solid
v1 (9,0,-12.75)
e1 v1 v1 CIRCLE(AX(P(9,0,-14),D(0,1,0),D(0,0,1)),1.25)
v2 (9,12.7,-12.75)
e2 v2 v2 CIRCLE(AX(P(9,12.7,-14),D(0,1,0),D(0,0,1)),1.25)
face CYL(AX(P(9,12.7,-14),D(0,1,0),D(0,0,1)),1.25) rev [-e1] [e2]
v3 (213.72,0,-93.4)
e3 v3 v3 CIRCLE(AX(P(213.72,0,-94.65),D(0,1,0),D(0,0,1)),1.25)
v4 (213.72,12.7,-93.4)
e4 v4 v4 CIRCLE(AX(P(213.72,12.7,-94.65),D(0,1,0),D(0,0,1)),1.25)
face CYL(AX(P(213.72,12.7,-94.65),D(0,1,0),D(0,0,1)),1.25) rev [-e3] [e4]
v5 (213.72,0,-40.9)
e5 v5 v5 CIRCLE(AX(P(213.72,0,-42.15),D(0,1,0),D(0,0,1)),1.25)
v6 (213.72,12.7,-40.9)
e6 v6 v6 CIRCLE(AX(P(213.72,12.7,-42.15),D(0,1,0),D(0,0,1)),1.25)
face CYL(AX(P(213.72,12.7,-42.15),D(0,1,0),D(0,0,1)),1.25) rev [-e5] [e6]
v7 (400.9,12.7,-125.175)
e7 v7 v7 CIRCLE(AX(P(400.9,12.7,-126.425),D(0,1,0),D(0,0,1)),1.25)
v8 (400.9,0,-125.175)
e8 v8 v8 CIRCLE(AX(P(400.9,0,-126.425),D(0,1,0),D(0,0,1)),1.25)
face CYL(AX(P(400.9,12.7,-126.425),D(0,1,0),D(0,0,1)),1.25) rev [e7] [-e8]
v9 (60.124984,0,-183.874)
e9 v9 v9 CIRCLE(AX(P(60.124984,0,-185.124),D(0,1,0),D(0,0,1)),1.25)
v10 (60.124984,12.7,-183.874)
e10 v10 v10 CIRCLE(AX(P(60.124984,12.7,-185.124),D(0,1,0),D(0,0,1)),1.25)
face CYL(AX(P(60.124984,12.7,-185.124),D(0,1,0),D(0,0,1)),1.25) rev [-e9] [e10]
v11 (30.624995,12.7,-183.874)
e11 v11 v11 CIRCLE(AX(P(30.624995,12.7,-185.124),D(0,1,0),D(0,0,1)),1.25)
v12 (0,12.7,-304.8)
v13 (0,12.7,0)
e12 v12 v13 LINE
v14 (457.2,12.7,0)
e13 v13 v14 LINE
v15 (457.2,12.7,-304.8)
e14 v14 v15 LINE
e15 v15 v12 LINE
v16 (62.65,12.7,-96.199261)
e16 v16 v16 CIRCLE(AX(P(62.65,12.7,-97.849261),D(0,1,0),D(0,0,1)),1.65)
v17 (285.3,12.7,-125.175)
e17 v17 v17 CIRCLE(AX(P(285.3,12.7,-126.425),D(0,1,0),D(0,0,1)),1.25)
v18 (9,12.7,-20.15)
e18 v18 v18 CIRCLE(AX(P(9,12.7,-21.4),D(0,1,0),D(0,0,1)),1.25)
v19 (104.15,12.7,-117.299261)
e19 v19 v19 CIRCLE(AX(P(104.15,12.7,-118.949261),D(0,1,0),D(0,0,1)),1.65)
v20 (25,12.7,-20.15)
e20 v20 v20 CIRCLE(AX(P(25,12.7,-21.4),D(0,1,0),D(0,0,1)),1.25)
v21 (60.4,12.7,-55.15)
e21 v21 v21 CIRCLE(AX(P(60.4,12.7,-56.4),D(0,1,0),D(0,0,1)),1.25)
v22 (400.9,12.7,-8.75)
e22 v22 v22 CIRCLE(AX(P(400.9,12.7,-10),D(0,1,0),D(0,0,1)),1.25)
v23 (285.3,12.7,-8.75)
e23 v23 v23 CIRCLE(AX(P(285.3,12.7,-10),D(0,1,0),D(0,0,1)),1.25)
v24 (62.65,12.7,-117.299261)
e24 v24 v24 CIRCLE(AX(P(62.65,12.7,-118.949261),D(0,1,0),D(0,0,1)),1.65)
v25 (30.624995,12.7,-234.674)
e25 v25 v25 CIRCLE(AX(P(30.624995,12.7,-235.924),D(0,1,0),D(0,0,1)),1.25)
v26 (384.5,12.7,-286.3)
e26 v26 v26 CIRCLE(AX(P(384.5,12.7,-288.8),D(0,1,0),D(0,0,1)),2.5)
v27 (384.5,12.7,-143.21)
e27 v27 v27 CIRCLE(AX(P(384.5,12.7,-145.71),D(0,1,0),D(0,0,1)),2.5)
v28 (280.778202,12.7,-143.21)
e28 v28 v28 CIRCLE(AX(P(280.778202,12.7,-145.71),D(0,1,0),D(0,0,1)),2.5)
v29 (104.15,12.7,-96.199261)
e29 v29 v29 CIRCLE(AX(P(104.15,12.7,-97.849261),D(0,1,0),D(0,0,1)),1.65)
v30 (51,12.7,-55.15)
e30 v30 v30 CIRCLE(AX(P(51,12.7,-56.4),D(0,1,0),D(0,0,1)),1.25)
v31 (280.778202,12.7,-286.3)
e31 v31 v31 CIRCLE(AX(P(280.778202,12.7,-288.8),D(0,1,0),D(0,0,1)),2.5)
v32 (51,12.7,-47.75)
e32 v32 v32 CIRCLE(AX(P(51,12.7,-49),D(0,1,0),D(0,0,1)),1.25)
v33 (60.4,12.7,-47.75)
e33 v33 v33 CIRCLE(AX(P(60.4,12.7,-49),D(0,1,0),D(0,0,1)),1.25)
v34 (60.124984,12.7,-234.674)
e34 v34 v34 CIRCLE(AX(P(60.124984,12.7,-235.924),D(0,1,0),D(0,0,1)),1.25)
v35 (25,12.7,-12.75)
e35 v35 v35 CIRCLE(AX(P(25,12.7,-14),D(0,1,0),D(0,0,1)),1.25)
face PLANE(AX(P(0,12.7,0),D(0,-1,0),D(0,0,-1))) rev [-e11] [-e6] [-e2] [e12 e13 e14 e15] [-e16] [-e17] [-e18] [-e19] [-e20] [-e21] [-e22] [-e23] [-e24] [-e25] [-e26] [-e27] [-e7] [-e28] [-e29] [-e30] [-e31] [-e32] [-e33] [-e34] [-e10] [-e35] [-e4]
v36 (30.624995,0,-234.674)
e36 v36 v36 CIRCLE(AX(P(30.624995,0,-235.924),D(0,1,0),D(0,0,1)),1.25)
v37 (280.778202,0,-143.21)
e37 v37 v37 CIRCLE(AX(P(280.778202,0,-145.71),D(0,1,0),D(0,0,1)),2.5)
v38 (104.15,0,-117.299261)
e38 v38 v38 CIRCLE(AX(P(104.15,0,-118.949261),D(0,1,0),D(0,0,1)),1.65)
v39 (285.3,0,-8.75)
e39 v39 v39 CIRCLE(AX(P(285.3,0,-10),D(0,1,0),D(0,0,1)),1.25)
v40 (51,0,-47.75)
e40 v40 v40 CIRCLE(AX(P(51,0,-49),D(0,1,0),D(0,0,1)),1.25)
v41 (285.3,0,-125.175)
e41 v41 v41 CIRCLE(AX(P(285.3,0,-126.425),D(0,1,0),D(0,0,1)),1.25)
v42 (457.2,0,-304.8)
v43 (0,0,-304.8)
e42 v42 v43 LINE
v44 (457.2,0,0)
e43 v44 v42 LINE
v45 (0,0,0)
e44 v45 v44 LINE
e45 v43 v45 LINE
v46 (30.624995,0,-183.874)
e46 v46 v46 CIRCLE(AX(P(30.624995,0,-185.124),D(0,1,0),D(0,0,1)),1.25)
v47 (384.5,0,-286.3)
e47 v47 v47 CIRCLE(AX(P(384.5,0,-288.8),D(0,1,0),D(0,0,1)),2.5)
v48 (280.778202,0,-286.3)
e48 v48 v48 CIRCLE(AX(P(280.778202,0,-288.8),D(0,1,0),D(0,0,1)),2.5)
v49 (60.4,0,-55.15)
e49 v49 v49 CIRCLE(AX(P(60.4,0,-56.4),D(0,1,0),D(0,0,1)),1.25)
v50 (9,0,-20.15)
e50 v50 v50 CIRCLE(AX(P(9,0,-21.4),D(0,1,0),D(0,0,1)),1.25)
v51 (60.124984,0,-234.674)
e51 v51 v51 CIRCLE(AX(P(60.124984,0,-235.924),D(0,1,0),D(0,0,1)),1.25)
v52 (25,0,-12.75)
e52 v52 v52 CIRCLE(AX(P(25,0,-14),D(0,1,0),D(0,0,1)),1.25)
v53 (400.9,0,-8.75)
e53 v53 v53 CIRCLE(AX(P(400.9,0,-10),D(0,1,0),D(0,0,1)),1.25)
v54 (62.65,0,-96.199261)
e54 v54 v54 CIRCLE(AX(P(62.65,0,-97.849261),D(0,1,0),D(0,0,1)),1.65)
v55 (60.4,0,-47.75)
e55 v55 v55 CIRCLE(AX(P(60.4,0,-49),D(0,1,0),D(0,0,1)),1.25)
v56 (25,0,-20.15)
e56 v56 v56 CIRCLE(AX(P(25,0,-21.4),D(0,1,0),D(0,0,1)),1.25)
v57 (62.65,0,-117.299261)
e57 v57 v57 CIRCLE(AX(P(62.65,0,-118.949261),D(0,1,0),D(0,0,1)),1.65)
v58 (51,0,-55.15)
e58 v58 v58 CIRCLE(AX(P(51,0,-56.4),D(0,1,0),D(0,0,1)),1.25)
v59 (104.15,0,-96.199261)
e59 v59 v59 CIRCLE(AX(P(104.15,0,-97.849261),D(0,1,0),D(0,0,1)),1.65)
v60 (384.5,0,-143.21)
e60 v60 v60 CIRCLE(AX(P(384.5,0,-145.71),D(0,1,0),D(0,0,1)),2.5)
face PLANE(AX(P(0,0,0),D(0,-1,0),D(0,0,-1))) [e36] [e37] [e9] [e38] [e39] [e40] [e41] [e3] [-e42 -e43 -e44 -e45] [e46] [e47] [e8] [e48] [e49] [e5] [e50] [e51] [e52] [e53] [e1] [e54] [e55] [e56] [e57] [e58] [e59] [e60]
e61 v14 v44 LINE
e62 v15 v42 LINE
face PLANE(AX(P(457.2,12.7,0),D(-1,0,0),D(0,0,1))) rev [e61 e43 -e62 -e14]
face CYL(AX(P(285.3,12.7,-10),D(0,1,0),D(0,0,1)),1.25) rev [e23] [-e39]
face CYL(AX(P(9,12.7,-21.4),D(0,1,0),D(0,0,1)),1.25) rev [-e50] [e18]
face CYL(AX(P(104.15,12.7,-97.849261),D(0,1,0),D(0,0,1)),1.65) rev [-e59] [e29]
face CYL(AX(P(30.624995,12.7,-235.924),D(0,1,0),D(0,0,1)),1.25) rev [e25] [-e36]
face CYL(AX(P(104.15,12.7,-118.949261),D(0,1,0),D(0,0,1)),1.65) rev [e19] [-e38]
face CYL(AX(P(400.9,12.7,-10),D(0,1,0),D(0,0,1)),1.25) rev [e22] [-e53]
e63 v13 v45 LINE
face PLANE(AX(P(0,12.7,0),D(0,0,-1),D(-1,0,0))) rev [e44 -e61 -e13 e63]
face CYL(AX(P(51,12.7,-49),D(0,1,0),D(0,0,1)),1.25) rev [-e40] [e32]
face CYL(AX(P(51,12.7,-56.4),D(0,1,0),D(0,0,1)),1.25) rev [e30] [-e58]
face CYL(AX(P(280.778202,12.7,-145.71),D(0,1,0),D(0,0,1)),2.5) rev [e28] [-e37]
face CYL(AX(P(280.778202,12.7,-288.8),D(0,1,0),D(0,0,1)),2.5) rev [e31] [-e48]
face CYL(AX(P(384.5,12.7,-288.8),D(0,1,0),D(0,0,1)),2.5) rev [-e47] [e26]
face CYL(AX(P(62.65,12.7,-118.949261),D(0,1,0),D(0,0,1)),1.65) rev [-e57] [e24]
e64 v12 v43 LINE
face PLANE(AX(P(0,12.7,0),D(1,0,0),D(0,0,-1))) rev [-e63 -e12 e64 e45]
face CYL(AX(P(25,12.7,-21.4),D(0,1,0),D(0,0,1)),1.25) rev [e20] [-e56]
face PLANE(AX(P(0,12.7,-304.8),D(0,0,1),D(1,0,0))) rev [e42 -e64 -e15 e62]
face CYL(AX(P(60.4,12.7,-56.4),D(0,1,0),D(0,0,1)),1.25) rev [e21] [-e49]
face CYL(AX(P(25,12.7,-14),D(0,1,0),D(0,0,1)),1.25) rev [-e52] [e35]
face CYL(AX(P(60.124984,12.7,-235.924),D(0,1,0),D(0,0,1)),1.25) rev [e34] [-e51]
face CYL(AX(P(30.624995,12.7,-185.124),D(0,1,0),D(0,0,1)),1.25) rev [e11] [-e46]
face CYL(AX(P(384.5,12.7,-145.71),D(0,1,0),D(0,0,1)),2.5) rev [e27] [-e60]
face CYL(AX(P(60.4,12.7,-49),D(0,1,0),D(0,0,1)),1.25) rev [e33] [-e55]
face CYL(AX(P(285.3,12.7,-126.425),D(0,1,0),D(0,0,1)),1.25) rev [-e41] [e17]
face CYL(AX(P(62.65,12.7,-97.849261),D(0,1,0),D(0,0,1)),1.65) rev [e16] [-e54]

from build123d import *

# Parameters (mm, degrees)
SKETCH1_W           = 457.2
SKETCH1_H           = 304.8
BOSS_EXTRUDE1_DEPTH = 12.7
M3_TAPPED_HOLE1_D   = 2.5
M3_TAPPED_HOLE2_D   = 2.5
M4_TAPPED_HOLE1_D   = 3.3
M6_TAPPED_HOLE1_D   = 5
M3_TAPPED_HOLE3_D   = 2.5
M3_TAPPED_HOLE4_D   = 2.5


with BuildPart() as part:
    # Sketch1 → Boss-Extrude1 (new body)
    with BuildSketch(Plane(origin=(0, 0, 0), x_dir=(1, 0, 0), z_dir=(0, 1, 0))):
        with Locations((228.6, 152.4)):
            Rectangle(SKETCH1_W, SKETCH1_H)
    extrude(amount=BOSS_EXTRUDE1_DEPTH)

    # M3 Tapped Hole1 (through all)
    with Locations(Plane(origin=(0, 12.7, 0), x_dir=(1, 0, 0), z_dir=(0, 1, 0))):
        with Locations((9, 21.4), (25, 21.4), (25, 14), (9, 14), (51, 56.4), (60.4, 56.4), (60.4, 49), (51, 49)):
            Hole(M3_TAPPED_HOLE1_D / 2)

    # M3 Tapped Hole2 (through all)
    with Locations(Plane(origin=(0, 12.7, 0), x_dir=(1, 0, 0), z_dir=(0, 1, 0))):
        with Locations((60.1249844, 235.924), (60.1249844, 185.124), (30.6249948, 185.124), (30.6249948, 235.924)):
            Hole(M3_TAPPED_HOLE2_D / 2)

    # M4 Tapped Hole1 (through all)
    with Locations(Plane(origin=(0, 12.7, 0), x_dir=(1, 0, 0), z_dir=(0, 1, 0))):
        with Locations((62.65, 97.849261314), (62.65, 118.949261314), (104.15, 118.949261314), (104.15, 97.849261314)):
            Hole(M4_TAPPED_HOLE1_D / 2)

    # M6 Tapped Hole1 (through all)
    with Locations(Plane(origin=(0, 12.7, 0), x_dir=(1, 0, 0), z_dir=(0, 1, 0))):
        with Locations((384.5, 288.8), (280.778201797, 288.8), (280.778201797, 145.71), (384.5, 145.71)):
            Hole(M6_TAPPED_HOLE1_D / 2)

    # M3 Tapped Hole3 (through all)
    with Locations(Plane(origin=(0, 12.7, 0), x_dir=(1, 0, 0), z_dir=(0, 1, 0))):
        with Locations((213.72, 94.65), (213.72, 42.15)):
            Hole(M3_TAPPED_HOLE3_D / 2)

    # M3 Tapped Hole4 (through all)
    with Locations(Plane(origin=(0, 12.7, 0), x_dir=(1, 0, 0), z_dir=(0, 1, 0))):
        with Locations((400.9, 10), (285.3, 10), (285.3, 126.425), (400.9, 126.425)):
            Hole(M3_TAPPED_HOLE4_D / 2)


solid = part.part
